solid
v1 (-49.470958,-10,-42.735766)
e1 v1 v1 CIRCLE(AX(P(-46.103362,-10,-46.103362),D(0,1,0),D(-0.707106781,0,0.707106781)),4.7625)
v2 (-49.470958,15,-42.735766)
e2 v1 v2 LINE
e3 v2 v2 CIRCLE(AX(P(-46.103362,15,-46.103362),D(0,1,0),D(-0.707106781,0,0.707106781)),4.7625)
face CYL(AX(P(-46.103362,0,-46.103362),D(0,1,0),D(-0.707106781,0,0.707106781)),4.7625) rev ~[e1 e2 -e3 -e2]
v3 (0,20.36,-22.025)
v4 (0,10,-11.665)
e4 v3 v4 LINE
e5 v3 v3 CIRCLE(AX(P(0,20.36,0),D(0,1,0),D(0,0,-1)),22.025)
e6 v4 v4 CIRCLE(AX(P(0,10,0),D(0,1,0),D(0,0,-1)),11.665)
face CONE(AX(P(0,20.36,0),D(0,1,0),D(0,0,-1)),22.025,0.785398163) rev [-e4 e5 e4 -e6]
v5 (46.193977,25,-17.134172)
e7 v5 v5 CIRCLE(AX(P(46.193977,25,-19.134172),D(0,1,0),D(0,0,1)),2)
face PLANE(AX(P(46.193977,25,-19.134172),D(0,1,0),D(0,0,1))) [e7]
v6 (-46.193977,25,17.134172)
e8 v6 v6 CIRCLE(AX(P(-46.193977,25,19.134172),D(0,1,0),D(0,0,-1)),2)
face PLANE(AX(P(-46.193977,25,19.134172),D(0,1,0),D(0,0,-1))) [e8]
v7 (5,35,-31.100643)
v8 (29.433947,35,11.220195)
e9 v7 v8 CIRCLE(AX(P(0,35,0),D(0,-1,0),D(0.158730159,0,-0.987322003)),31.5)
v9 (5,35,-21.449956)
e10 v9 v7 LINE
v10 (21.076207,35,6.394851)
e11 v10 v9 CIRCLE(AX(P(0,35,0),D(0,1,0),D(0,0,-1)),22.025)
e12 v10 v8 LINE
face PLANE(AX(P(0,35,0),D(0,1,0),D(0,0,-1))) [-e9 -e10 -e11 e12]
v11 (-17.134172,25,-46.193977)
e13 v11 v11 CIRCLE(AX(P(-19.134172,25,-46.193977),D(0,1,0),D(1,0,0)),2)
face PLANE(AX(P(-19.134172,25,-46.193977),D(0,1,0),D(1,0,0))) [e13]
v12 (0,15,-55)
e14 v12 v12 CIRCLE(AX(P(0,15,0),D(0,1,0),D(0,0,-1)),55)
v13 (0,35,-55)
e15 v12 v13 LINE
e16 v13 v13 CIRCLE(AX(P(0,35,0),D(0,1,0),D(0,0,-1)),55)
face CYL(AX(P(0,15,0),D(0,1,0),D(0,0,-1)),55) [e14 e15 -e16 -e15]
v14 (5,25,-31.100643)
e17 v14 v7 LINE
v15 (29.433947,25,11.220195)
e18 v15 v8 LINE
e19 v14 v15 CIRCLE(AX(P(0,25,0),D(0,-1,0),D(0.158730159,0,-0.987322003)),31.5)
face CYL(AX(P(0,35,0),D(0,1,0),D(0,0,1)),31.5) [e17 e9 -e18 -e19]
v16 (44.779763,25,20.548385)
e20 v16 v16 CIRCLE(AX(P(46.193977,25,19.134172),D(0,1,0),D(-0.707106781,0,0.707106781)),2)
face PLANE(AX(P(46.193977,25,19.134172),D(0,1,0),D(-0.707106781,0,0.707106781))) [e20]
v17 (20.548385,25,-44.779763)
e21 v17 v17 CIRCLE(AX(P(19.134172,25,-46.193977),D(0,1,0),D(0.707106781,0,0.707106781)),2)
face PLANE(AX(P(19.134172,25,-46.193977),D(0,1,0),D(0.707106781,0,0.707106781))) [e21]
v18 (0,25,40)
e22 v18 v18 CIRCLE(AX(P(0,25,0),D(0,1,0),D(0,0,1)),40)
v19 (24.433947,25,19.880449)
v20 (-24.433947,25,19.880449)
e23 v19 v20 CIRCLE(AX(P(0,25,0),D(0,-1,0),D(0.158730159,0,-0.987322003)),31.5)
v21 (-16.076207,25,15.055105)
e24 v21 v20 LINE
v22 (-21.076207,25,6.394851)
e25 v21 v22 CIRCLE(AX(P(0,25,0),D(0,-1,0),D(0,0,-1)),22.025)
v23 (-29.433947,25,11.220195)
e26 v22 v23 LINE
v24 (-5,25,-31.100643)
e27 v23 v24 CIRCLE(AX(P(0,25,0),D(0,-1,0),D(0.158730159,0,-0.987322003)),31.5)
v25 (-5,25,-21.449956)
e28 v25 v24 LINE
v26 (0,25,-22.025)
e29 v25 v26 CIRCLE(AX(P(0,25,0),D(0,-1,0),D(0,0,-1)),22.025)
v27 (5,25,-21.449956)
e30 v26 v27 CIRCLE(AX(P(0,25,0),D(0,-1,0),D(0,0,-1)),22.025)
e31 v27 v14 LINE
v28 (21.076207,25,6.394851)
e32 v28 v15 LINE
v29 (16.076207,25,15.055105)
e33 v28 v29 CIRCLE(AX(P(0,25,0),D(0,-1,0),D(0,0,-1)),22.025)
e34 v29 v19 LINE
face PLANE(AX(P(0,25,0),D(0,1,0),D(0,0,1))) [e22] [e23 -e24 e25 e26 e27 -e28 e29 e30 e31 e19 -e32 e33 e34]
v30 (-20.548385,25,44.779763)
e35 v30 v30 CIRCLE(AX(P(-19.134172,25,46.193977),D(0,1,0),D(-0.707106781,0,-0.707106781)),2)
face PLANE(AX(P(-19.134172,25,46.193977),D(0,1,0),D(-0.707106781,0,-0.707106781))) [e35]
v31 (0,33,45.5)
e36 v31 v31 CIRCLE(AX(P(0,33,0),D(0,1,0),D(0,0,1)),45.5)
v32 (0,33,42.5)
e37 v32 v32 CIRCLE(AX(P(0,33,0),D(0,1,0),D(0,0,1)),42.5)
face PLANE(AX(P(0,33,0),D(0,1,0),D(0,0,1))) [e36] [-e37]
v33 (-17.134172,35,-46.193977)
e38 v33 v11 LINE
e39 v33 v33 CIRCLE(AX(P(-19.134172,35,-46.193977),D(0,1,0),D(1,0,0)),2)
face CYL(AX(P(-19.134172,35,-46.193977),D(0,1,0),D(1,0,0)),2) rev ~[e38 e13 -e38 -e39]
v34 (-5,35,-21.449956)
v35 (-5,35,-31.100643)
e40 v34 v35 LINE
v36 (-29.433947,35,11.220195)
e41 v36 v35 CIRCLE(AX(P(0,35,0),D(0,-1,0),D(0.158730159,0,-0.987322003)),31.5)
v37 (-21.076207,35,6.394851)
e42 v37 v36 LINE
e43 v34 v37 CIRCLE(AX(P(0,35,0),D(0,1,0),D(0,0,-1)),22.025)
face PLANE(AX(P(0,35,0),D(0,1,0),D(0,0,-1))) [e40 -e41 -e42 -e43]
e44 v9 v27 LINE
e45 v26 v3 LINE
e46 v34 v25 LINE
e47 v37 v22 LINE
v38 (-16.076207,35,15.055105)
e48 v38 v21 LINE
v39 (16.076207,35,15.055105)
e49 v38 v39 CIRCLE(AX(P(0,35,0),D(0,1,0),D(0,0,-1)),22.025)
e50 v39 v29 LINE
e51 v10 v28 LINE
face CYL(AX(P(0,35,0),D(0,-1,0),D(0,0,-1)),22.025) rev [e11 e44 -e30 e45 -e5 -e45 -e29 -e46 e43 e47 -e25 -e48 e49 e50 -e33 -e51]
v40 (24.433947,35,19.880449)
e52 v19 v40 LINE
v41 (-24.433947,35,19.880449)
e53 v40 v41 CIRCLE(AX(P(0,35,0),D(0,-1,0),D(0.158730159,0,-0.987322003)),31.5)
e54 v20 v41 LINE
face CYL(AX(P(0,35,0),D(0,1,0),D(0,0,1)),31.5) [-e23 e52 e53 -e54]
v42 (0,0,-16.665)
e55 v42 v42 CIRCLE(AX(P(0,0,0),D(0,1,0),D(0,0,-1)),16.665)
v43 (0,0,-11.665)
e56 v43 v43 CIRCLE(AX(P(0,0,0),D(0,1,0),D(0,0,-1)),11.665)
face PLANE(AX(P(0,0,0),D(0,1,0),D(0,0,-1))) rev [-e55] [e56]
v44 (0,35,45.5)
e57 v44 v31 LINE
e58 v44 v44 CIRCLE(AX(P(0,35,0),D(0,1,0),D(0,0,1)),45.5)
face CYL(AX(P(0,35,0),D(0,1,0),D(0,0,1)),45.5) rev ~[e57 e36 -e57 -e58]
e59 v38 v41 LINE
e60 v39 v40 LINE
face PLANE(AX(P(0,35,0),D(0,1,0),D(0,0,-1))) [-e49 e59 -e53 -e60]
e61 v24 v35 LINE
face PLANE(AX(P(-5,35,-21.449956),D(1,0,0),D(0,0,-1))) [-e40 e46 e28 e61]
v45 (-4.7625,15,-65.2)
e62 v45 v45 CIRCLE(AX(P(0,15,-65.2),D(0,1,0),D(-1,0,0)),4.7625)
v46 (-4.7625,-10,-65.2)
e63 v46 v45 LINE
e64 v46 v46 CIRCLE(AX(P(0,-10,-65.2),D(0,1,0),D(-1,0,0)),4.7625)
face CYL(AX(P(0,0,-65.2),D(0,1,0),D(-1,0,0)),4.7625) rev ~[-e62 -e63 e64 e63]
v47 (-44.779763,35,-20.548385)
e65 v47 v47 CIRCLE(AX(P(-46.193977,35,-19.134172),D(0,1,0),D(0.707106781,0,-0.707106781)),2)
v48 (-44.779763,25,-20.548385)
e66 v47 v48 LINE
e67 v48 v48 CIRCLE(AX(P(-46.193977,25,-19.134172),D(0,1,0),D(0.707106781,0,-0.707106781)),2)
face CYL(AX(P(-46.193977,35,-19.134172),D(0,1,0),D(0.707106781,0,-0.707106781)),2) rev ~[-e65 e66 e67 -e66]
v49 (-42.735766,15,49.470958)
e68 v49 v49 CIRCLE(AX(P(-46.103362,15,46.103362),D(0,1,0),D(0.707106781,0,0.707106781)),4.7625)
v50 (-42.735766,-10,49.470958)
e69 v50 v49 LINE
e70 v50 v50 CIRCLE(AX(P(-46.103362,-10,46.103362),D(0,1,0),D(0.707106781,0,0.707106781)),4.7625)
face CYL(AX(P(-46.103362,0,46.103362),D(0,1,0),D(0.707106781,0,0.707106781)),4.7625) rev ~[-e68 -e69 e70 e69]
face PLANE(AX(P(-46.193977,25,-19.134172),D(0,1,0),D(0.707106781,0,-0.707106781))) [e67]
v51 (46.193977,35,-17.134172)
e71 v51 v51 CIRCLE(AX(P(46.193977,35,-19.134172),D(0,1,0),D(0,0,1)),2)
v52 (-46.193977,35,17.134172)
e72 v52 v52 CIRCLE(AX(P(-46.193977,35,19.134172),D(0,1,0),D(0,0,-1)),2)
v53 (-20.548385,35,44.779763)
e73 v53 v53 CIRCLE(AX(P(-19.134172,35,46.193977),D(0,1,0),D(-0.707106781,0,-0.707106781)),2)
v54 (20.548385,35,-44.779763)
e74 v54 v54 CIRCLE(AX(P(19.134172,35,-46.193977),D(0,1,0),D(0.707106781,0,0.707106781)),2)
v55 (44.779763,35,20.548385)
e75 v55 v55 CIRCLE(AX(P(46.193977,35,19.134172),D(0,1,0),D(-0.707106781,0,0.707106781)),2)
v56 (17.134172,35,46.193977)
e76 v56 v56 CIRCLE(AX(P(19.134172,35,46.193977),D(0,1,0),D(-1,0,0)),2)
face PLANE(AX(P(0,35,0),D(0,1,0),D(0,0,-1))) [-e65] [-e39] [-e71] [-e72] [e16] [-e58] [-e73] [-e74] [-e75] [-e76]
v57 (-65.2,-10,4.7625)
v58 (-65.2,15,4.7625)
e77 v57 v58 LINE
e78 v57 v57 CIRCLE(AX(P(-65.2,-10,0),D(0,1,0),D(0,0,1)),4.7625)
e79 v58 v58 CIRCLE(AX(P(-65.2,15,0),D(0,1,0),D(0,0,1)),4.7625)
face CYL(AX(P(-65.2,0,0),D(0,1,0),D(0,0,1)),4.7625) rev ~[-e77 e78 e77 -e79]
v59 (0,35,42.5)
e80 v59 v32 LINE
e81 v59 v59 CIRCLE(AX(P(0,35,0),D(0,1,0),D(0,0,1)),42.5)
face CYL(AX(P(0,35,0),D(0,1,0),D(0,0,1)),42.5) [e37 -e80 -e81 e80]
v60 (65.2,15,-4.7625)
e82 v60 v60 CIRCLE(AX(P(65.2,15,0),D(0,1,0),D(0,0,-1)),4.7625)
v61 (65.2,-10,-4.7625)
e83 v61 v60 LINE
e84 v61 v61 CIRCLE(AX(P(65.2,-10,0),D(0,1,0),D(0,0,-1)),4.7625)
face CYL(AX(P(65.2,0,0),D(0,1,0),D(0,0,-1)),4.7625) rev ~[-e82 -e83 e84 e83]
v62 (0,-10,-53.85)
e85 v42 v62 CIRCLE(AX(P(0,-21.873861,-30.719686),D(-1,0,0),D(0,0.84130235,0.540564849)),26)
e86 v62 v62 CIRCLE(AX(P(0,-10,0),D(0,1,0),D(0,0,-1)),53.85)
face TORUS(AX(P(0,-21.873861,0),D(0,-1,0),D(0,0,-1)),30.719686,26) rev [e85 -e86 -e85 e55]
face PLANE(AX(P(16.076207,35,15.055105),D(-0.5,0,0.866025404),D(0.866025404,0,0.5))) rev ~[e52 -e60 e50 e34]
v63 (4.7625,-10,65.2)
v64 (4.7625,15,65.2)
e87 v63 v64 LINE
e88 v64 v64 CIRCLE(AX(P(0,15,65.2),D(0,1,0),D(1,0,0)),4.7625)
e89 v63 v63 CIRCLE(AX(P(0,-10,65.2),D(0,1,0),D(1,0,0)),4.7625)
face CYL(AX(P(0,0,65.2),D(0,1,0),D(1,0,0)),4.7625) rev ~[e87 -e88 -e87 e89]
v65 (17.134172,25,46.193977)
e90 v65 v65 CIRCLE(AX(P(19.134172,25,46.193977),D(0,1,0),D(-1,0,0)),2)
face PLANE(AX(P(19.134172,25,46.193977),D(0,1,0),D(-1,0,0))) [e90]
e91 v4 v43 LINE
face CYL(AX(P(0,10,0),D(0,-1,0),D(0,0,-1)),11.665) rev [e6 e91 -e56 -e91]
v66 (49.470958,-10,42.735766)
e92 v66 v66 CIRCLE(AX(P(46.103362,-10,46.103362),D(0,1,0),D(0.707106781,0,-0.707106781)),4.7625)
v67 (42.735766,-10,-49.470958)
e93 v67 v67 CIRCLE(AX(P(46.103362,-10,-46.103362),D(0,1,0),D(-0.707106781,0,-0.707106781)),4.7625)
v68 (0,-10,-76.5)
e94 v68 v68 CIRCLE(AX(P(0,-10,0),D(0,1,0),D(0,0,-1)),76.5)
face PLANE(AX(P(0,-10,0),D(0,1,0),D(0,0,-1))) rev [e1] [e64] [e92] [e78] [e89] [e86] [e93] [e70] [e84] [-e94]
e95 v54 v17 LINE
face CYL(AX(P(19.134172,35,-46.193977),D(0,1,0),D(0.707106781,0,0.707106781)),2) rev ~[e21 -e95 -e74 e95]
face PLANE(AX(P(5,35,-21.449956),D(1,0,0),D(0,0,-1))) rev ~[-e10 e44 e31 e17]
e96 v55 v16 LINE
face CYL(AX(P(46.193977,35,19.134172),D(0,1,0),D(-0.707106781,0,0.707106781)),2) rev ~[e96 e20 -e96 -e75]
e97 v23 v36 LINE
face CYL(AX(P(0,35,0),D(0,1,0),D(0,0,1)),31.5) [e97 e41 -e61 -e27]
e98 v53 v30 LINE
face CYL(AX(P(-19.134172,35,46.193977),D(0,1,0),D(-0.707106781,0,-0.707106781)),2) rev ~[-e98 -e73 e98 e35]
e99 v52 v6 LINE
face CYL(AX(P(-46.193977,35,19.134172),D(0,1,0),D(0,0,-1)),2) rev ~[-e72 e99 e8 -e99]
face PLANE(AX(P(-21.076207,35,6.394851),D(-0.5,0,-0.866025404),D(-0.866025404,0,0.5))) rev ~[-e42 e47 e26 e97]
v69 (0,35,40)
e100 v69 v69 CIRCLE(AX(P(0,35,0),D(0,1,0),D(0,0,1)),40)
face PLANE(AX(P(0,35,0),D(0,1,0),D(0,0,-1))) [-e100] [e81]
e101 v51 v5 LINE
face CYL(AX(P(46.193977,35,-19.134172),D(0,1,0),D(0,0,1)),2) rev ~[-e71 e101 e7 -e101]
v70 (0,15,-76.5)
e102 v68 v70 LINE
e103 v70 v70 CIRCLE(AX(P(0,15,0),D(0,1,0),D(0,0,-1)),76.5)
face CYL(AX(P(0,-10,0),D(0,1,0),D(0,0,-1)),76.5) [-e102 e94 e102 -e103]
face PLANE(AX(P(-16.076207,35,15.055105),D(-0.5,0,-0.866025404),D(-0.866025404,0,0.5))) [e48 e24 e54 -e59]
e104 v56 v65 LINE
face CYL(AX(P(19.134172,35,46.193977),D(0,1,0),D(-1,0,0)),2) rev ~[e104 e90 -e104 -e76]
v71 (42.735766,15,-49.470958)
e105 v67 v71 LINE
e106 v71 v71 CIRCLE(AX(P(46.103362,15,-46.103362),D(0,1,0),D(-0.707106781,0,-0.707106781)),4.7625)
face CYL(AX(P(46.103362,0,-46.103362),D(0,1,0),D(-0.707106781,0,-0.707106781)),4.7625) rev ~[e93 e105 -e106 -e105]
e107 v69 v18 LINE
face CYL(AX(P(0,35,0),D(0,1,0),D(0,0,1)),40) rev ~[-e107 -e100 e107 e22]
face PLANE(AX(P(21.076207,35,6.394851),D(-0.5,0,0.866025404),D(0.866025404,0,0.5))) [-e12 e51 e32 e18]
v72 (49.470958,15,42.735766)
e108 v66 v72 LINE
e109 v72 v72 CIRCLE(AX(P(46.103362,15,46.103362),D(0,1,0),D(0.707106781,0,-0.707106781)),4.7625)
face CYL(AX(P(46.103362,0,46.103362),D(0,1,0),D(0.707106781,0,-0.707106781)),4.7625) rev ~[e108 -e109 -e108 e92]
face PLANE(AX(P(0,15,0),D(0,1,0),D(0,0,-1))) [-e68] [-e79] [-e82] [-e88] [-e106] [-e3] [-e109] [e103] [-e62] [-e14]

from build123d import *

# Parameters (mm, degrees)
SKETCH4_R          = 4.7625
CUT_EXTRUDE2_DEPTH = 114.707959264
CIRPATTERN1_COUNT  = 8
SKETCH6_R          = 40
SKETCH6_R_2        = 31.5
CUT_EXTRUDE3_DEPTH = 10
SKETCH7_W          = 10
SKETCH7_H          = 10.050043706
CUT_EXTRUDE4_DEPTH = 10
CIRPATTERN2_COUNT  = 3
SKETCH9_R          = 2
CUT_EXTRUDE5_DEPTH = 10
CIRPATTERN3_COUNT  = 8
SKETCH10_R         = 45.5
SKETCH10_R_2       = 42.5
CUT_EXTRUDE6_DEPTH = 2


with BuildPart() as part:
    # Sketch3 → Revolve1 (revolve)
    with BuildSketch(Plane(origin=(0, 0, 0), x_dir=(0, 0, -1), z_dir=(1, 0, 0))):
        with BuildLine():
            Line((76.5, 15), (55, 15))
            Line((55, 15), (55, 35))
            Line((55, 35), (22.025, 35))
            Line((22.025, 35), (22.025, 20.36))
            Line((22.025, 20.36), (11.665, 10))
            Line((11.665, 10), (11.665, 0))
            Line((11.665, 0), (16.665, 0))
            ThreePointArc((16.665, 0), (37.471852779, 3.234070807), (53.85, -10))
            Line((53.85, -10), (76.5, -10))
            Line((76.5, -10), (76.5, 15))
        make_face()
    revolve(axis=Axis((0, 0, 0), (0, 1, 0)))

    # Sketch4 → Cut-Extrude2 (cut, symmetric)
    with BuildSketch(Plane(origin=(0, 0, 0), x_dir=(1, 0, 0), z_dir=(0, 1, 0))):
        with Locations(Location((-65.2, 0, 0), (0, 0, 270))):
            Circle(SKETCH4_R)
    cut_extrude2 = extrude(amount=CUT_EXTRUDE2_DEPTH, both=True, mode=Mode.SUBTRACT)

    # CirPattern1: Cut-Extrude2 ×8 about axis
    cirpattern1_axis = Axis((0, 0, 0), (0, 1, 0))
    for i in range(1, CIRPATTERN1_COUNT):
        add(cut_extrude2.rotate(cirpattern1_axis, i * 360 / CIRPATTERN1_COUNT), mode=Mode.SUBTRACT)

    # Sketch6 → Cut-Extrude3 (cut)
    with BuildSketch(Plane(origin=(0, 35, 0), x_dir=(1, 0, 0), z_dir=(0, 1, 0))):
        with Locations(Location((0, 0, 0), (0, 0, 270))):
            Circle(SKETCH6_R)
        with Locations(Location((0, 0, 0), (0, 0, 270))):
            Circle(SKETCH6_R_2, mode=Mode.SUBTRACT)
    extrude(amount=-CUT_EXTRUDE3_DEPTH, mode=Mode.SUBTRACT)

    # Sketch7 → Cut-Extrude4 (cut)
    with BuildSketch(Plane(origin=(0, 35, 0), x_dir=(1, 0, 0), z_dir=(0, 1, 0))):
        with Locations((0, 26.474978147)):
            Rectangle(SKETCH7_W, SKETCH7_H)
    cut_extrude4 = extrude(amount=-CUT_EXTRUDE4_DEPTH, mode=Mode.SUBTRACT)

    # CirPattern2: Cut-Extrude4 ×3 about axis
    cirpattern2_axis = Axis((0, 0, 0), (0, 1, 0))
    for i in range(1, CIRPATTERN2_COUNT):
        add(cut_extrude4.rotate(cirpattern2_axis, i * 360 / CIRPATTERN2_COUNT), mode=Mode.SUBTRACT)

    # Sketch9 → Cut-Extrude5 (cut)
    with BuildSketch(Plane(origin=(0, 35, 0), x_dir=(1, 0, 0), z_dir=(0, 1, 0))):
        with Locations(Location((46.193976626, 19.134171618, 0), (0, 0, 270))):
            Circle(SKETCH9_R)
    cut_extrude5 = extrude(amount=-CUT_EXTRUDE5_DEPTH, mode=Mode.SUBTRACT)

    # CirPattern3: Cut-Extrude5 ×8 about axis
    cirpattern3_axis = Axis((0, 0, 0), (0, 1, 0))
    for i in range(1, CIRPATTERN3_COUNT):
        add(cut_extrude5.rotate(cirpattern3_axis, i * 360 / CIRPATTERN3_COUNT), mode=Mode.SUBTRACT)

    # Sketch10 → Cut-Extrude6 (cut)
    with BuildSketch(Plane(origin=(0, 35, 0), x_dir=(1, 0, 0), z_dir=(0, 1, 0))):
        with Locations(Location((0, 0, 0), (0, 0, 270))):
            Circle(SKETCH10_R)
        with Locations(Location((0, 0, 0), (0, 0, 270))):
            Circle(SKETCH10_R_2, mode=Mode.SUBTRACT)
    extrude(amount=-CUT_EXTRUDE6_DEPTH, mode=Mode.SUBTRACT)


solid = part.part
